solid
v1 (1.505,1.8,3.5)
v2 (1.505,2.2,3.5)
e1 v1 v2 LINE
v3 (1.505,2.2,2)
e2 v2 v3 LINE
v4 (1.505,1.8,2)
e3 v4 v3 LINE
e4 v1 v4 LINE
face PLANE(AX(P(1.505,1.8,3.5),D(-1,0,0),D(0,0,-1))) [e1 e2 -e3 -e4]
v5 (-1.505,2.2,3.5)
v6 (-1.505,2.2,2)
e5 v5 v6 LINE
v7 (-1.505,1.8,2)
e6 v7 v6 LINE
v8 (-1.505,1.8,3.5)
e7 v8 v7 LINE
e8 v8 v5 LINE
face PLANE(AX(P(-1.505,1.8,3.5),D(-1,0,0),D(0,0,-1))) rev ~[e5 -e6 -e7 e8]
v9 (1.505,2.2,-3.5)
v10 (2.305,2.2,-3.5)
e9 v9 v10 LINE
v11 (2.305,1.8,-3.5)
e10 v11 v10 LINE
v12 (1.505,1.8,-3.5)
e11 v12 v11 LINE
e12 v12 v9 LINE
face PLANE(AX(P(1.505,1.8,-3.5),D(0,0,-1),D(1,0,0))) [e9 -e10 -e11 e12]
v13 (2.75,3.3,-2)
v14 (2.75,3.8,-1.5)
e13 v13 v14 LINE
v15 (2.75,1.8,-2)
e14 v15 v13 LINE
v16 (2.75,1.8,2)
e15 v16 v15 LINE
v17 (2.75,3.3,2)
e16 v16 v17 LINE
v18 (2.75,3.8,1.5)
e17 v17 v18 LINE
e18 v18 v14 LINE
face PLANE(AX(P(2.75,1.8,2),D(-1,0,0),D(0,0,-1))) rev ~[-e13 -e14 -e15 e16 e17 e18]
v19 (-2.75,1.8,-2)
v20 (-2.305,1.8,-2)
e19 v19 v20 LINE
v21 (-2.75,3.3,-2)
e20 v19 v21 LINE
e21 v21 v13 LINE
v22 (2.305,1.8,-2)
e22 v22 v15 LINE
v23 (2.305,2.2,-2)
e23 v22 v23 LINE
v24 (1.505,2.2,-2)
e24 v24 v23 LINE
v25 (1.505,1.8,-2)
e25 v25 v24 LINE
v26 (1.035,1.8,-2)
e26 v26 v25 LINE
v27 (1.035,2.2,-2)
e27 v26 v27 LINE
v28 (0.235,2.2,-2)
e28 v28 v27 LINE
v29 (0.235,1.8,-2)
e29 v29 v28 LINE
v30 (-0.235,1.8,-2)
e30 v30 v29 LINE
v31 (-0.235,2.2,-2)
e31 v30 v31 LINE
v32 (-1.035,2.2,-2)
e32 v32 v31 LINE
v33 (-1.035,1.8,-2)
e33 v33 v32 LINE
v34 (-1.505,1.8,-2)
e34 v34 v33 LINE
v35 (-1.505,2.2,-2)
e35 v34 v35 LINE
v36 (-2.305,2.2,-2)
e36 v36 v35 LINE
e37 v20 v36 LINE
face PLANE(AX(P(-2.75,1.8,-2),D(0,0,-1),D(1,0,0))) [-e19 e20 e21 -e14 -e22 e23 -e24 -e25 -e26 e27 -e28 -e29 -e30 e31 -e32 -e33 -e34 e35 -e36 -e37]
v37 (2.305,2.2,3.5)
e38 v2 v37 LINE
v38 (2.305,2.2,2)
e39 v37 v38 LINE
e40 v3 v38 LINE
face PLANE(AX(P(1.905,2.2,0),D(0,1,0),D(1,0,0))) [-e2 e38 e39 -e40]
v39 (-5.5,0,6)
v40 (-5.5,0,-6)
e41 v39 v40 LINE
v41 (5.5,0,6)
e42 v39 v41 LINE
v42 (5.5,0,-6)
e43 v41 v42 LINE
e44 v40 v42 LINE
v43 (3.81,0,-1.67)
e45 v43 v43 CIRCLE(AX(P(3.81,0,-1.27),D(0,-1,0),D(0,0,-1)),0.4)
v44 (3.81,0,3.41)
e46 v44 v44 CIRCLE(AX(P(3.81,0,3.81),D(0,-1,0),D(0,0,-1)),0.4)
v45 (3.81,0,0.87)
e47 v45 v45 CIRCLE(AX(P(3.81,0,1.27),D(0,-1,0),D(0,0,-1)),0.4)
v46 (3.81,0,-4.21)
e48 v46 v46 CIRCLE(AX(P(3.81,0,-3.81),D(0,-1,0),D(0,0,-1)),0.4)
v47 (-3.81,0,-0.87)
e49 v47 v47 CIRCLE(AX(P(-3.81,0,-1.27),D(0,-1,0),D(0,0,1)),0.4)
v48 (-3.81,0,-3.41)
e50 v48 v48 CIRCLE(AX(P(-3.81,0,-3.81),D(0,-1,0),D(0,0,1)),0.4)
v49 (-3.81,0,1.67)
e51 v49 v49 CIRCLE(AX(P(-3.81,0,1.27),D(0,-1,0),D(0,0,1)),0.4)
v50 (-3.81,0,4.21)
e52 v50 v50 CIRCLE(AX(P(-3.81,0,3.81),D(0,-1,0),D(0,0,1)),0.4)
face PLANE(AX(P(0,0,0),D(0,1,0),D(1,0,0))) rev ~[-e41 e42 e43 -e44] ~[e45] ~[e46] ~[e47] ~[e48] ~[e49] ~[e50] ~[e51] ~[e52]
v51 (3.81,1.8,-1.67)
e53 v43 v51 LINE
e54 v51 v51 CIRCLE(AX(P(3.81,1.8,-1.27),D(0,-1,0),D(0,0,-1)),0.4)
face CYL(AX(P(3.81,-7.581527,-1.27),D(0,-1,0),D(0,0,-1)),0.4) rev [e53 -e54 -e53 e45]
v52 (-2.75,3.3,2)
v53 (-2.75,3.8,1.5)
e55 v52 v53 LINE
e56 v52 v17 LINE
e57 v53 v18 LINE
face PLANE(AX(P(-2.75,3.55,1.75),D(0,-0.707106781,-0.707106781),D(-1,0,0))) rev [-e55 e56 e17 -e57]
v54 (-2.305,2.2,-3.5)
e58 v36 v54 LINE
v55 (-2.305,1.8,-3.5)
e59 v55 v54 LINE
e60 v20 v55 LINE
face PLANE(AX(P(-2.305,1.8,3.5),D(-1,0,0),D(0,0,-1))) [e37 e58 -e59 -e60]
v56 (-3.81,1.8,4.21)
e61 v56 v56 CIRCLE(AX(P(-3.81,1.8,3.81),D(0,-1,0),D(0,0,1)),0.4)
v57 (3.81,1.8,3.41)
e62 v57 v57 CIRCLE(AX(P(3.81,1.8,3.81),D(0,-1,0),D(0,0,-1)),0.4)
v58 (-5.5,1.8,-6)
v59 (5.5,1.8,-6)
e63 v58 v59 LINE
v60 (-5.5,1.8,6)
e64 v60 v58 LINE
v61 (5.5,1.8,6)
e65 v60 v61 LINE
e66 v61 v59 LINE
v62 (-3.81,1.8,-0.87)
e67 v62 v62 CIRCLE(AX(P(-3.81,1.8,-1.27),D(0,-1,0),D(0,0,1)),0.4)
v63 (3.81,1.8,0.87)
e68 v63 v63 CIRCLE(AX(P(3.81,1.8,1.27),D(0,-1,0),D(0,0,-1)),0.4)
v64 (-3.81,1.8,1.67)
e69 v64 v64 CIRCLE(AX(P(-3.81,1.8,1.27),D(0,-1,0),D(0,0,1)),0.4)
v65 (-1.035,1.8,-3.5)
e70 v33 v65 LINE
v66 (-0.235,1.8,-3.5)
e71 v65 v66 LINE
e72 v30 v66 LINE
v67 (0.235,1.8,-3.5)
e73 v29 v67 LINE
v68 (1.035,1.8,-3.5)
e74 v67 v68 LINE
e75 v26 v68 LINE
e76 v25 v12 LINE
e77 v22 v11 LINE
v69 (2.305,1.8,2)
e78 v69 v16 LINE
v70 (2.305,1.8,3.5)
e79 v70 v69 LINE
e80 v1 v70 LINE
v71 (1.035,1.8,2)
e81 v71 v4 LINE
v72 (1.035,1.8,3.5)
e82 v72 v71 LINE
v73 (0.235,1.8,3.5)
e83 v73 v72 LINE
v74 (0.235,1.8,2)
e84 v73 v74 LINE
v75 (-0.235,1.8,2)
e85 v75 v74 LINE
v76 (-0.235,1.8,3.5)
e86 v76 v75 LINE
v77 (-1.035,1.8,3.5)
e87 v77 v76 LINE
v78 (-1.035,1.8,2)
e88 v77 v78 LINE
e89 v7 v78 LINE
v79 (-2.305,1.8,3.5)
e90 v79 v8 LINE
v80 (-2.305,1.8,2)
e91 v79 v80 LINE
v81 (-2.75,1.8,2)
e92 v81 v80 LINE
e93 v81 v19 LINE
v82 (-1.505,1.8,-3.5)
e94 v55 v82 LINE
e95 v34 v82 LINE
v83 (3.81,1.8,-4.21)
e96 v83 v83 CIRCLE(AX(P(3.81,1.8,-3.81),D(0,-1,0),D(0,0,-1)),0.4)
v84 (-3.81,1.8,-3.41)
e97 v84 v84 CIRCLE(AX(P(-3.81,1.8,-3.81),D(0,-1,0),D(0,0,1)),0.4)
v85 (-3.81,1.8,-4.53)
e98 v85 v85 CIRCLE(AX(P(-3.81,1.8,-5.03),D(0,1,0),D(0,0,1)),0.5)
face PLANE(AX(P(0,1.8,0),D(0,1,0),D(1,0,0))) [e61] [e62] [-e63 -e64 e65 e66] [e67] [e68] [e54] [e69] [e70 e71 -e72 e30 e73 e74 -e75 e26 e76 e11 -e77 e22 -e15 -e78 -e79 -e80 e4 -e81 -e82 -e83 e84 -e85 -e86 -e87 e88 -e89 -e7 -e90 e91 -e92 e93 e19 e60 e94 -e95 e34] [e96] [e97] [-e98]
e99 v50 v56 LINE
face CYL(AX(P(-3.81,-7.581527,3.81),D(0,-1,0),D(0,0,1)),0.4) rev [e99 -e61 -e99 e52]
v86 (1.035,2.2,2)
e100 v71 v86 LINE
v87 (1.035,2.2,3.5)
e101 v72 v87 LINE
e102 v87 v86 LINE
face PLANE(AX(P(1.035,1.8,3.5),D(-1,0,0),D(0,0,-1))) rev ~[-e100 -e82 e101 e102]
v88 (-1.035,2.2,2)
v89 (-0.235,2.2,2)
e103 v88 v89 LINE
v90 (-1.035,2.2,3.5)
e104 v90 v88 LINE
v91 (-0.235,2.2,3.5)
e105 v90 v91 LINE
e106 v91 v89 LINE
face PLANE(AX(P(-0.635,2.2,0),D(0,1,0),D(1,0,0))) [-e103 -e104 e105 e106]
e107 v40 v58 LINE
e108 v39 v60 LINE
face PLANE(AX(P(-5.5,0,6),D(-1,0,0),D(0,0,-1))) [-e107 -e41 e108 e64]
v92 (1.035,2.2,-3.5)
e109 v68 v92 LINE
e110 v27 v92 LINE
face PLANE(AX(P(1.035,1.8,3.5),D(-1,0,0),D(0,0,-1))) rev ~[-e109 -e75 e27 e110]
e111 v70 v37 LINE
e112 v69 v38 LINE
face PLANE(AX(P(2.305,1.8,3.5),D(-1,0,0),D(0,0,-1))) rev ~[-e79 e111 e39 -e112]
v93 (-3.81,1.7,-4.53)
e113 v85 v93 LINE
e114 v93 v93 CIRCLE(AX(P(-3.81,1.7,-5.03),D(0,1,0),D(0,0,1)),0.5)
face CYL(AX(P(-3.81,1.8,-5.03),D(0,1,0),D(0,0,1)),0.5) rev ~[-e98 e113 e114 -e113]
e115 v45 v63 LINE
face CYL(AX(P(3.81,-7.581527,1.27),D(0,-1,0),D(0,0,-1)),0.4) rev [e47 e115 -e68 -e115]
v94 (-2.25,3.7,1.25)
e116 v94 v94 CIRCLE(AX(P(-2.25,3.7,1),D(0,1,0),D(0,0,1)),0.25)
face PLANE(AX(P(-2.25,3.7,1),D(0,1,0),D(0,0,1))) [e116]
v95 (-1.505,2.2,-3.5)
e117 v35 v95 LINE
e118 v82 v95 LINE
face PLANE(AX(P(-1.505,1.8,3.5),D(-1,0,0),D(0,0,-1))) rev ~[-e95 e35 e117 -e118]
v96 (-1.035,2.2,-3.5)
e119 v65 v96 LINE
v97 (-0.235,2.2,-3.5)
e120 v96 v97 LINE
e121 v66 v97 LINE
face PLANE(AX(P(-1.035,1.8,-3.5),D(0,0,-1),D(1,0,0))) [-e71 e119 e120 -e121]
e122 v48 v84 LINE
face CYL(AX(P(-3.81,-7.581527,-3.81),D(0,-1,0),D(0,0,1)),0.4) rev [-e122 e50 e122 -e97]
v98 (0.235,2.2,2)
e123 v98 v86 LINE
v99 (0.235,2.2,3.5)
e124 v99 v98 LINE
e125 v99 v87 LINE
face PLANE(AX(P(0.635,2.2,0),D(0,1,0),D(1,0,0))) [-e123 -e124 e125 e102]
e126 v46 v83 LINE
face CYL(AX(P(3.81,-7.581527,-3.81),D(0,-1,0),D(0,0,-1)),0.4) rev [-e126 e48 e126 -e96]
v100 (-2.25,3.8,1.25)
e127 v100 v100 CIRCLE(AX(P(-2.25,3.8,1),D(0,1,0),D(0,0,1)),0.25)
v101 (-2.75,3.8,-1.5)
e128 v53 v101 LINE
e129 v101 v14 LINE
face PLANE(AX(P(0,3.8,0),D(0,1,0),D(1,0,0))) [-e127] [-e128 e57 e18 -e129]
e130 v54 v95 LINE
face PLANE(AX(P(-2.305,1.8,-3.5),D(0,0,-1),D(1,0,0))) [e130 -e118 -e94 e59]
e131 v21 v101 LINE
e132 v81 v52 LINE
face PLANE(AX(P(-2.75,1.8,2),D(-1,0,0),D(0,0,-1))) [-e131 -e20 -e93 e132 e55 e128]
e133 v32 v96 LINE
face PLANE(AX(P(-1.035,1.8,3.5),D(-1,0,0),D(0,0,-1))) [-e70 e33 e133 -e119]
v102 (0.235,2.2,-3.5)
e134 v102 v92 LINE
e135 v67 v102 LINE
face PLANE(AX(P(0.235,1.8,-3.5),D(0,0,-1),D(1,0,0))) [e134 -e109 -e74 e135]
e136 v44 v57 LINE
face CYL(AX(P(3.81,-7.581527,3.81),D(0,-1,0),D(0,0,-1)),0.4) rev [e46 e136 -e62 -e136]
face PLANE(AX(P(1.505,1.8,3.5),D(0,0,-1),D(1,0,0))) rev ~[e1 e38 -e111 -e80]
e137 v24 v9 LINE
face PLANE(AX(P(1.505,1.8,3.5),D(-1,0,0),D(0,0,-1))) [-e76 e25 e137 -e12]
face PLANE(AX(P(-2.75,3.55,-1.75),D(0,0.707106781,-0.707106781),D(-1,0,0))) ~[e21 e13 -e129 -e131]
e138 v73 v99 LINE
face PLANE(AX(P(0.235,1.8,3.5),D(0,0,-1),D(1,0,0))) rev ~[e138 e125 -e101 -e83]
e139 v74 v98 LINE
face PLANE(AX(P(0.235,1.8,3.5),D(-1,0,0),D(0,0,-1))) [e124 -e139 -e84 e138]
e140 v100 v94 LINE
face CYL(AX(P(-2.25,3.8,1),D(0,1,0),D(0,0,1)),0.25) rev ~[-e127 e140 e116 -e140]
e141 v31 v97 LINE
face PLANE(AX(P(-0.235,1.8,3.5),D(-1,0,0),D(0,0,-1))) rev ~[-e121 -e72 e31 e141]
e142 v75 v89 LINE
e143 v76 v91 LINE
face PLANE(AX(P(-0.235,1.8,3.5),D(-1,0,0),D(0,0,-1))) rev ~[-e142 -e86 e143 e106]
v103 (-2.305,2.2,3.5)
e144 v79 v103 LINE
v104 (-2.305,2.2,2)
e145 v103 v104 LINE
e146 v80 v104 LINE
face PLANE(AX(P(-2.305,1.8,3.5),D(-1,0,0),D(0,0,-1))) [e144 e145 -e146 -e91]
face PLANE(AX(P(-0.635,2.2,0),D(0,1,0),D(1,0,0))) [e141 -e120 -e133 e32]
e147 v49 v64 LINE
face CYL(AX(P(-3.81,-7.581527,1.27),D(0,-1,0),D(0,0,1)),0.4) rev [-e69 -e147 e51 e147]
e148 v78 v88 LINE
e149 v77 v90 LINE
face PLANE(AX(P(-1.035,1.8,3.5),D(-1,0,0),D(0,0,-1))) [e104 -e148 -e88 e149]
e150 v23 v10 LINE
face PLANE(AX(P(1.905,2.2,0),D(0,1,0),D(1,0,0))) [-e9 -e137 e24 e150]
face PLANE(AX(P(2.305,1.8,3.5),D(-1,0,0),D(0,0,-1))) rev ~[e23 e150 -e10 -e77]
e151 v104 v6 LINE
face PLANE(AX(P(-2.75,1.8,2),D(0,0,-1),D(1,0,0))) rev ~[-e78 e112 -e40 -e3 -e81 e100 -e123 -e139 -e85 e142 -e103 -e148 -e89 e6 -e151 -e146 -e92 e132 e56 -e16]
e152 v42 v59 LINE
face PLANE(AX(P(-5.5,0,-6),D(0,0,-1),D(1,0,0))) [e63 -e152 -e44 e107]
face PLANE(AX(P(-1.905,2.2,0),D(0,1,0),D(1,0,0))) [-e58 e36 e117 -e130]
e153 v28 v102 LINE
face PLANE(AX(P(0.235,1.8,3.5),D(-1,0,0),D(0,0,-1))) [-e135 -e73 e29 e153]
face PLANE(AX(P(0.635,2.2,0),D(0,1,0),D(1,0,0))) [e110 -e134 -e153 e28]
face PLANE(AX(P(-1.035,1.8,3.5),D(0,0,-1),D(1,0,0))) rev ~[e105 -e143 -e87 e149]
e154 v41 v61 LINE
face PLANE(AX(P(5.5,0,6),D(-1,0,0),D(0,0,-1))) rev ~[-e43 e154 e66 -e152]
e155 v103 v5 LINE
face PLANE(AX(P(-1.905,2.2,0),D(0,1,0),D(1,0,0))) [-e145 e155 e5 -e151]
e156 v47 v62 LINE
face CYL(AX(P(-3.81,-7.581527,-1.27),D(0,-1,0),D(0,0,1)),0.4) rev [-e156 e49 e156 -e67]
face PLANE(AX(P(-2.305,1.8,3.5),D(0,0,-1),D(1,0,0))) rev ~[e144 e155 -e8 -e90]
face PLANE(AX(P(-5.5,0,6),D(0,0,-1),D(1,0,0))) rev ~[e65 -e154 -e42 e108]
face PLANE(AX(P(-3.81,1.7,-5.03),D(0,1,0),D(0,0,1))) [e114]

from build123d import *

# Parameters (mm, degrees)
SKETCH1_W               = 11
SKETCH1_H               = 12
BOSS_EXTRUDE1_DEPTH     = 1.8
SKETCH2_W               = 2.54
SKETCH2_H               = 10.16
BOSS_EXTRUDE2_DEPTH     = 2.54
BOSS_EXTRUDE3_START     = -5.84
SKETCH3_W               = 0.5
SKETCH3_H               = 0.5
BOSS_EXTRUDE3_DEPTH     = 12.34
SKETCH4_W               = 5.5
SKETCH4_H               = 4
BOSS_EXTRUDE4_DEPTH     = 2
CHAMFER1_SIZE           = 0.5
SKETCH5_W               = 0.8
SKETCH5_H               = 7
BOSS_EXTRUDE5_DEPTH     = 0.4
SKETCH6_R               = 0.5
CUT_EXTRUDE1_DEPTH      = 0.1
SKETCH7_R               = 0.25
CUT_EXTRUDE2_DEPTH      = 0.1
SKETCH9_W               = 11
SKETCH9_H               = 12
CUT_EXTRUDE3_DEPTH      = 31
CUT_EXTRUDE4_DEPTH      = 9.381527307
CUT_EXTRUDE4_DEPTH_BACK = 9.381527307
SKETCH10_R              = 0.4


with BuildPart() as part:
    # Sketch1 → Boss-Extrude1 (new body)
    with BuildSketch(Plane(origin=(0, 0, 0), x_dir=(1, 0, 0), z_dir=(0, 1, 0))):
        Rectangle(SKETCH1_W, SKETCH1_H)
    extrude(amount=BOSS_EXTRUDE1_DEPTH)

    # Sketch2 → Boss-Extrude2 (add)
    with BuildSketch(Plane.XZ):
        with Locations((-3.81, 0)):
            Rectangle(SKETCH2_W, SKETCH2_H)
        with Locations((3.81, 0)):
            Rectangle(SKETCH2_W, SKETCH2_H)
    extrude(amount=BOSS_EXTRUDE2_DEPTH)

    # Sketch3 → Boss-Extrude3 (add)
    with BuildSketch(Plane.XZ.offset(2.54).offset(BOSS_EXTRUDE3_START)):
        with Locations((3.81, 1.27)):
            Rectangle(SKETCH3_W, SKETCH3_H)
        with Locations((3.81, 3.81)):
            Rectangle(SKETCH3_W, SKETCH3_H)
        with Locations((3.81, -1.27)):
            Rectangle(SKETCH3_W, SKETCH3_H)
        with Locations((3.81, -3.81)):
            Rectangle(SKETCH3_W, SKETCH3_H)
    boss_extrude3 = extrude(amount=BOSS_EXTRUDE3_DEPTH)

    # Mirror1: Boss-Extrude3 across plane
    add(boss_extrude3.mirror(Plane(origin=(0, 0, 0), x_dir=(0, 0, 1), z_dir=(1, 0, 0))))

    # Sketch4 → Boss-Extrude4 (add)
    with BuildSketch(Plane(origin=(0, 1.8, 0), x_dir=(1, 0, 0), z_dir=(0, 1, 0))):
        Rectangle(SKETCH4_W, SKETCH4_H)
    extrude(amount=BOSS_EXTRUDE4_DEPTH)

    # Chamfer1
    chamfer1_edges = [part.edges().sort_by_distance(p)[0] for p in [
        (0, 3.8, -2),
        (0, 3.8, 2),
    ]]
    chamfer(chamfer1_edges, length=CHAMFER1_SIZE)

    # Sketch5 → Boss-Extrude5 (add)
    with BuildSketch(Plane(origin=(0, 1.8, 0), x_dir=(1, 0, 0), z_dir=(0, 1, 0))):
        with Locations((-0.635, 0)):
            Rectangle(SKETCH5_W, SKETCH5_H)
        with Locations((-1.905, 0)):
            Rectangle(SKETCH5_W, SKETCH5_H)
        with Locations((0.635, 0)):
            Rectangle(SKETCH5_W, SKETCH5_H)
        with Locations((1.905, 0)):
            Rectangle(SKETCH5_W, SKETCH5_H)
    extrude(amount=BOSS_EXTRUDE5_DEPTH)

    # Sketch6 → Cut-Extrude1 (cut)
    with BuildSketch(Plane(origin=(0, 1.8, 0), x_dir=(1, 0, 0), z_dir=(0, 1, 0))):
        with Locations(Location((-3.81, 5.03, 0), (0, 0, 270))):
            Circle(SKETCH6_R)
    extrude(amount=-CUT_EXTRUDE1_DEPTH, mode=Mode.SUBTRACT)

    # Sketch7 → Cut-Extrude2 (cut)
    with BuildSketch(Plane(origin=(0, 3.8, 0), x_dir=(1, 0, 0), z_dir=(0, 1, 0))):
        with Locations(Location((-2.25, -1, 0), (0, 0, 270))):
            Circle(SKETCH7_R)
    extrude(amount=-CUT_EXTRUDE2_DEPTH, mode=Mode.SUBTRACT)

    # Sketch9 → Cut-Extrude3 (cut)
    with BuildSketch(Plane.XZ):
        Rectangle(SKETCH9_W, SKETCH9_H)
    extrude(amount=CUT_EXTRUDE3_DEPTH, mode=Mode.SUBTRACT)

    # Sketch10 → Cut-Extrude4 (cut, two sides: drawn at the far end of the back side and taken through both)
    with BuildSketch(Plane(origin=(0, 1.8, 0), x_dir=(1, 0, 0), z_dir=(0, 1, 0)).offset(-CUT_EXTRUDE4_DEPTH_BACK)):
        with Locations(Location((-3.81, -3.81, 0), (0, 0, 270))):
            Circle(SKETCH10_R)
        with Locations(Location((-3.81, -1.27, 0), (0, 0, 270))):
            Circle(SKETCH10_R)
        with Locations(Location((-3.81, 1.27, 0), (0, 0, 270))):
            Circle(SKETCH10_R)
        with Locations(Location((-3.81, 3.81, 0), (0, 0, 270))):
            Circle(SKETCH10_R)
        with Locations(Location((3.81, -3.81, 0), (0, 0, 90))):
            Circle(SKETCH10_R)
        with Locations(Location((3.81, -1.27, 0), (0, 0, 90))):
            Circle(SKETCH10_R)
        with Locations(Location((3.81, 1.27, 0), (0, 0, 90))):
            Circle(SKETCH10_R)
        with Locations(Location((3.81, 3.81, 0), (0, 0, 90))):
            Circle(SKETCH10_R)
    extrude(amount=CUT_EXTRUDE4_DEPTH + CUT_EXTRUDE4_DEPTH_BACK, mode=Mode.SUBTRACT)


solid = part.part
